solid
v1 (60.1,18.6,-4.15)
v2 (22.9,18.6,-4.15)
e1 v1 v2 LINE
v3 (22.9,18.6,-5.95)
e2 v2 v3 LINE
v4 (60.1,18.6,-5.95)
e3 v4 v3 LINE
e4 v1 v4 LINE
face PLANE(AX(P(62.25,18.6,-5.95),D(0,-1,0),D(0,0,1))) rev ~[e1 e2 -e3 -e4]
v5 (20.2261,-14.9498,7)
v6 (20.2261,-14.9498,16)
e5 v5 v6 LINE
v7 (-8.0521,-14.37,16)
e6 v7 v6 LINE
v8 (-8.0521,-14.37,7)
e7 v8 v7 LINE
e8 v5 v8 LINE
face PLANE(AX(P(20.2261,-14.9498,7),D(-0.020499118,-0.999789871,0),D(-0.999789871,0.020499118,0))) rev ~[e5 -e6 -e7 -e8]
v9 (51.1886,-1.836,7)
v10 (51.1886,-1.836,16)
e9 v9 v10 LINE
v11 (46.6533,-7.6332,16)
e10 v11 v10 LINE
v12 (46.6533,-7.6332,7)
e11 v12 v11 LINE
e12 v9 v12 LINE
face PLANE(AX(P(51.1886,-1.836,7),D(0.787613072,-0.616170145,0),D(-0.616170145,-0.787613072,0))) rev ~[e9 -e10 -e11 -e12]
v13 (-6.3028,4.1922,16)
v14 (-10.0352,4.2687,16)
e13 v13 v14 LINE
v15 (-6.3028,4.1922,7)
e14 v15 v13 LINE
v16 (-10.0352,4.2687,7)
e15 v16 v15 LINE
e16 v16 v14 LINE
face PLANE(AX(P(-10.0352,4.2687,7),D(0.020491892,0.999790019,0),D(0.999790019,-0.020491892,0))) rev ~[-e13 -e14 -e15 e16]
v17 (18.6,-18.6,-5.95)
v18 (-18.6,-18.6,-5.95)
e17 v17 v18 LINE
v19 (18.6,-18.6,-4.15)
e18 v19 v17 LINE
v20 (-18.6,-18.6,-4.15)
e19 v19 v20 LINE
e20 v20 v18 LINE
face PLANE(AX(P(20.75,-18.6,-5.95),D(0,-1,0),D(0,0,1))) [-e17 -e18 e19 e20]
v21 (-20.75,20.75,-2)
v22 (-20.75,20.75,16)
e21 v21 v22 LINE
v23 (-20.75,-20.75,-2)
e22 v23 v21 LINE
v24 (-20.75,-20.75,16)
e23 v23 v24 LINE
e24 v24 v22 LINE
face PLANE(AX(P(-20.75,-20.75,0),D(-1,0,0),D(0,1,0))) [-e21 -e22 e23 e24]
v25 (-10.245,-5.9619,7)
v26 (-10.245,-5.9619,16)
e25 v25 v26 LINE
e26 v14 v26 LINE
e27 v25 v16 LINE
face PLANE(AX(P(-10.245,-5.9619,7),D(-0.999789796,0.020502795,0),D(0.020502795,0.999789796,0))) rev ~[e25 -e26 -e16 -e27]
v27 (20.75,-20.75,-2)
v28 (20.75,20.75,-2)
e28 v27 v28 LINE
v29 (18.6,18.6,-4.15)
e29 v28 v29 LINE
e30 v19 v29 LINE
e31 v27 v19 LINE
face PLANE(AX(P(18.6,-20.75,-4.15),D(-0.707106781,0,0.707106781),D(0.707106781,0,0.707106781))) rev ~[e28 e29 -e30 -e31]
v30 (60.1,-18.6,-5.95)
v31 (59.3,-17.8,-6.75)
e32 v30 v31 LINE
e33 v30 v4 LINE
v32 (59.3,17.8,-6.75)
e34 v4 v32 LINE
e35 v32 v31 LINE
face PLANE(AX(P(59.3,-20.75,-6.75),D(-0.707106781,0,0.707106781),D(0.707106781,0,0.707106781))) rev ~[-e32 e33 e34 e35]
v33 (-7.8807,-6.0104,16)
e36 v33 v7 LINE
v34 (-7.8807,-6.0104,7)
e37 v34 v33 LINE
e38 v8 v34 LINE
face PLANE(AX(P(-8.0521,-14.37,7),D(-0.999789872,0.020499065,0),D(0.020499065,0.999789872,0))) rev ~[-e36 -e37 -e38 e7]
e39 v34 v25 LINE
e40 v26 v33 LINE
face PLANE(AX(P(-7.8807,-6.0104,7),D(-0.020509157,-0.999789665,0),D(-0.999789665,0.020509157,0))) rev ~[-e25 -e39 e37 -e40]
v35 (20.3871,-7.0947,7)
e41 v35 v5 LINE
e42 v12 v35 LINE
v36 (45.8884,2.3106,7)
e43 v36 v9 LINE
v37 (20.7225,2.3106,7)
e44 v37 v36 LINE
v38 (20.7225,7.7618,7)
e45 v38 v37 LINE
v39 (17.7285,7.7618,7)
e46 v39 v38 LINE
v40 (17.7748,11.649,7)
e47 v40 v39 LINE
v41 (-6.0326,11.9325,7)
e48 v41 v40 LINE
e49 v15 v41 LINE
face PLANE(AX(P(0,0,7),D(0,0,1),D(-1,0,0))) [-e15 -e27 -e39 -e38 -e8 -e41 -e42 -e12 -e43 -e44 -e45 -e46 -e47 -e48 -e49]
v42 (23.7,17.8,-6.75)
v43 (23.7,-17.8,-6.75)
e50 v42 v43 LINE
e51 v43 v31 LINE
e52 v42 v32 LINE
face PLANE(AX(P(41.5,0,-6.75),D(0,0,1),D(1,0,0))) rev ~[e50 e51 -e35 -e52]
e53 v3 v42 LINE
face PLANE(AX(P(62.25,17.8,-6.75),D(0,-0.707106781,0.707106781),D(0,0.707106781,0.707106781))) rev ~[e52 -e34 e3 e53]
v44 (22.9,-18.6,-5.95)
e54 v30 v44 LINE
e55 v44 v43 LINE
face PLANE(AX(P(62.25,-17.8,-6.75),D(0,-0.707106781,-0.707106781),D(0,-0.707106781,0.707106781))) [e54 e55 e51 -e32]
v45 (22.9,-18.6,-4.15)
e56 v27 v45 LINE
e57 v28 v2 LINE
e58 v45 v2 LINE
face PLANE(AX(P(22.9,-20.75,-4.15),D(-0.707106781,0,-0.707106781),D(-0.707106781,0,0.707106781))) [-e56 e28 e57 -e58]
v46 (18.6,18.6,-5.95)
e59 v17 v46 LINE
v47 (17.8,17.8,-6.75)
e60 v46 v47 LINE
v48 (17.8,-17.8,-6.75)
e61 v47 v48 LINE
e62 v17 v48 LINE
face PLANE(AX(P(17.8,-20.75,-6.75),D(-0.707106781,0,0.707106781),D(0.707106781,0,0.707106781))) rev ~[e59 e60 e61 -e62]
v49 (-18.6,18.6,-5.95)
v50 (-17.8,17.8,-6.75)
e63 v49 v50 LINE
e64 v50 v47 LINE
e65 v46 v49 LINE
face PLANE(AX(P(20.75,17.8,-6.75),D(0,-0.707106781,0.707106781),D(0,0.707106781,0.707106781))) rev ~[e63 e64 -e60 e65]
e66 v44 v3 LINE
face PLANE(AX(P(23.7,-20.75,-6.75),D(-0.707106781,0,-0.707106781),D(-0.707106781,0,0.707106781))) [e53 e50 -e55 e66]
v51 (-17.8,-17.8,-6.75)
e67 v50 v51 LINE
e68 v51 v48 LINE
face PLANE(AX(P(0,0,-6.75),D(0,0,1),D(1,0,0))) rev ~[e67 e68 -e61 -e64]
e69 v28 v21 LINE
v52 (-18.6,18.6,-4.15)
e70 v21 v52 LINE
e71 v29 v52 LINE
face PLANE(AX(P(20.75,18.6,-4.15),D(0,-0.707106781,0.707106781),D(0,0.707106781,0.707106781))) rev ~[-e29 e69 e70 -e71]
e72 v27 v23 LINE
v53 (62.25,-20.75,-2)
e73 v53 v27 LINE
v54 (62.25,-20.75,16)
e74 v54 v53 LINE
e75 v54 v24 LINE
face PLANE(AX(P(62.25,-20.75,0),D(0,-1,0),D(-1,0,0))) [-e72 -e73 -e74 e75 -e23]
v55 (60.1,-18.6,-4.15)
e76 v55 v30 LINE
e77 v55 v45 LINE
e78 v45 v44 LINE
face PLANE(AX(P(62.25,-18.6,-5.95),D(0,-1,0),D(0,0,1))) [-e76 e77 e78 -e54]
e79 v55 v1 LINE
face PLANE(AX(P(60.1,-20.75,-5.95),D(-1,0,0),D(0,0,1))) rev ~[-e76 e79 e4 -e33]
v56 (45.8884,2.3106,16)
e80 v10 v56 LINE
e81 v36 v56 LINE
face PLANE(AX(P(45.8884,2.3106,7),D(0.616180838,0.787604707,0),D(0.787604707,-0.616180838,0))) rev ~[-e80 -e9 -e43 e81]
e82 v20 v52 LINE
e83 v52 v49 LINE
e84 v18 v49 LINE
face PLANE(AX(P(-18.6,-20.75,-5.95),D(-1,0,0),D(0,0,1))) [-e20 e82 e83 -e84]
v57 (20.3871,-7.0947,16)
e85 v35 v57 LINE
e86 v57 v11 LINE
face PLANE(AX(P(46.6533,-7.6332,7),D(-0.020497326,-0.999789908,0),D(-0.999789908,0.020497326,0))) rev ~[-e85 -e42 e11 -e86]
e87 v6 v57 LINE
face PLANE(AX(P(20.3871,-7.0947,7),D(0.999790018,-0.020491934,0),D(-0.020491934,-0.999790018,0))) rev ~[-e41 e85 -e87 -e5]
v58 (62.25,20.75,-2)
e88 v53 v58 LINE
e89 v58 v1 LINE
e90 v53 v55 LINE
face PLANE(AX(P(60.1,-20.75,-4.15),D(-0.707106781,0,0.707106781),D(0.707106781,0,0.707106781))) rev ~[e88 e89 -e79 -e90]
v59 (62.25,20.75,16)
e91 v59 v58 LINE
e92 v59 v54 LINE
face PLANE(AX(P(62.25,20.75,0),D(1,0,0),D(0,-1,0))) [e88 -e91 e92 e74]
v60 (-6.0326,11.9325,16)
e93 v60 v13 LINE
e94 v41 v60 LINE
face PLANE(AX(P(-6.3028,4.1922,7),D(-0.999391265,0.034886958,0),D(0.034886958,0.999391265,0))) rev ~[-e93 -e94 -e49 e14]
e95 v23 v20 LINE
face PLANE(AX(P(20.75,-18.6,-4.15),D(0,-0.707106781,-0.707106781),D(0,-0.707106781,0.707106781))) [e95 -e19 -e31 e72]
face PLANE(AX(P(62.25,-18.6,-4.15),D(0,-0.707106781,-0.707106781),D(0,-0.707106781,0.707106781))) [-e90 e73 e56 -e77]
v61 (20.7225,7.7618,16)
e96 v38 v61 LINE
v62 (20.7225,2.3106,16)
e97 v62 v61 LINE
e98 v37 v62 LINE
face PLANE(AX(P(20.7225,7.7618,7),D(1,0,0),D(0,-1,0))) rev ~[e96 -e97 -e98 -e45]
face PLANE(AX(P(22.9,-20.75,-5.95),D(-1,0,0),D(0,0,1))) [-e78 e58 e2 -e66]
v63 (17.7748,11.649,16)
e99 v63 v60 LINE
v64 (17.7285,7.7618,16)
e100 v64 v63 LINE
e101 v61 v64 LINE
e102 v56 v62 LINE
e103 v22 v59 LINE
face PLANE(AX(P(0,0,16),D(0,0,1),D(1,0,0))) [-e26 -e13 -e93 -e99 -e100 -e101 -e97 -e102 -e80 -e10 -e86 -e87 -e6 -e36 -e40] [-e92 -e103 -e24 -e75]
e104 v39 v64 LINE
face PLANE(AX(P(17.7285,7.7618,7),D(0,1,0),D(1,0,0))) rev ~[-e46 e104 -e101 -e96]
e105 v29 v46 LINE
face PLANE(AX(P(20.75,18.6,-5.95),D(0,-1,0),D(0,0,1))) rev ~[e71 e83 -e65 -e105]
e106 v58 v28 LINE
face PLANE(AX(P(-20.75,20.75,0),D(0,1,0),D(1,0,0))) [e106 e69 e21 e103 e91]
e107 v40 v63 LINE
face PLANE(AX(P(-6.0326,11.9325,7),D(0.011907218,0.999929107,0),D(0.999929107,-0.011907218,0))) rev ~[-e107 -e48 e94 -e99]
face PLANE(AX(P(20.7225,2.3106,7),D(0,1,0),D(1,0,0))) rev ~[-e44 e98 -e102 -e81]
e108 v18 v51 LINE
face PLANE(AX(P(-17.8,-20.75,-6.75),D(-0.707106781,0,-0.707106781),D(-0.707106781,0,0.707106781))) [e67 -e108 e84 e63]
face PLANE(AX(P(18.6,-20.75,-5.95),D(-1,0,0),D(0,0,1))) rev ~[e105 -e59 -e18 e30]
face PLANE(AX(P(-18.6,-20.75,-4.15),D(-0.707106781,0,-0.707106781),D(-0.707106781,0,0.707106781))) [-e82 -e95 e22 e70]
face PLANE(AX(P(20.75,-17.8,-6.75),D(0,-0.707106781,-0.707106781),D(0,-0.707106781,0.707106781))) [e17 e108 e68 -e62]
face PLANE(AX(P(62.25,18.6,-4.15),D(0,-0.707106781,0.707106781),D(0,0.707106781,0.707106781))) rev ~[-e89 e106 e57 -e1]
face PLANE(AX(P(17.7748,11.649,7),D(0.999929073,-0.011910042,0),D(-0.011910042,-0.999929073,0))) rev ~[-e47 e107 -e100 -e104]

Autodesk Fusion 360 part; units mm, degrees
sketch "Sketch1" plane through (0, 0, 0) normal (0, 0, 1) x (1, 0, 0)
  line L0 (20.75, 20.75) -> (-20.75, 20.75)
  line L1 (-20.75, 20.75) -> (-20.75, -20.75)
  line L2 (-20.75, -20.75) -> (20.75, -20.75)
  line L3 (20.75, -20.75) -> (20.75, 20.75)
  line L4 (20.75, 20.75) -> (-20.75, -20.75) construction
  line L5 (-20.75, 20.75) -> (20.75, -20.75) construction
  dimension "d1" = 41.5
  dimension "d2" = 41.5
extrude "Extrude1" add sketch "Sketch1" along normal blind 7 makes body 1
sketch "Sketch2" plane through (0, 20.75, 0) normal (0, 1, 0) x (-1, 0, 0)
  line L0 (-20.75, 0) -> (20.75, 0)
  line L1 (20.75, 0) -> (20.75, 7)
  line L2 (20.75, 7) -> (-20.75, 7)
  line L3 (-20.75, 7) -> (-20.75, 0)
  line L4 (18.6, 0.8) -> (18.6, 2.6)
  line L5 (18.6, 2.6) -> (20.75, 4.75)
  line L6 (17.8, 0) -> (18.6, 0.8)
  line L7 (-18.6, 0.9534) -> (-18.6, 2.7534)
  line L8 (-18.6, 2.7534) -> (-20.75, 4.9034)
  line L9 (-17.8, 0) -> (-18.6, 0.9534)
  line L10 (-20.75, 4.9034) -> (-20.75, 0)
  line L11 (-20.75, 0) -> (-17.8, 0)
  line L12 (20.75, 4.75) -> (20.75, 0)
  line L13 (17.8, 0) -> (20.75, 0)
sketch "Sketch3" plane through (-20.75, 0, 0) normal (-1, 0, 0) x (0, -1, 0)
  line L0 (20.75, 7) -> (-20.75, 7)
  line L1 (-20.75, 0) -> (-17.8, 0)
  line L2 (-17.8, 0) -> (-18.6, 0)
  line L3 (-17.8, 0) -> (-18.6, 0.8)
  line L4 (-17.8, 0) -> (-12.38, 0) construction
  line L5 (-18.6, 0.8) -> (-18.6, 2.6)
  line L6 (-18.6, 2.6) -> (-20.75, 4.75)
  line L7 (17.8, 0) -> (18.6, 0.8)
  line L8 (18.6, 0.8) -> (18.6, 2.6)
  line L9 (18.6, 2.6) -> (20.75, 4.75)
  line L10 (20.75, 4.75) -> (20.75, 0)
  line L11 (20.75, 0) -> (17.8, 0)
  line L12 (-20.75, 4.75) -> (-20.75, 0)
sketch "Sketch4" plane through (0, -20.75, 0) normal (0, -1, 0) x (1, 0, 0)
  line L0 (-20.75, 0) -> (20.75, 0)
  line L1 (20.75, 0) -> (20.75, 7)
  line L2 (20.75, 7) -> (-20.75, 7)
  line L3 (-20.75, 7) -> (-20.75, 0)
  line L4 (-20.75, 0) -> (-17.8, 0)
  line L5 (-17.8, 0) -> (-18.6, 0)
  line L6 (-17.8, 0) -> (-18.6, 0.8)
  line L7 (-17.8, 0) -> (-12.5744, 0) construction
  line L8 (-18.6, 0.8) -> (-18.6, 2.6)
  line L9 (-18.6, 2.6) -> (-20.75, 4.75)
  line L10 (20.75, 0) -> (17.8, 0)
  line L11 (17.8, 0) -> (18.6, 0)
  line L12 (17.8, 0) -> (18.6, 0.8)
  line L13 (18.6, 0.8) -> (18.6, 2.6)
  line L14 (18.6, 2.6) -> (20.75, 4.75)
sketch "Sketch5" plane through (20.75, 0, 0) normal (1, 0, 0) x (0, 1, 0)
  line L0 (-20.75, 0) -> (20.75, 0)
  line L1 (20.75, 0) -> (20.75, 7)
  line L2 (20.75, 7) -> (-20.75, 7)
  line L3 (-20.75, 7) -> (-20.75, 0)
  line L4 (-20.75, 0) -> (-17.8, 0)
  line L5 (-17.8, 0) -> (-18.6, 0)
  line L6 (-17.8, 0) -> (-18.6, 0.8)
  line L7 (-18.6, 0.8) -> (-18.6, 2.6)
  line L8 (-18.6, 2.6) -> (-20.75, 4.75)
  line L9 (20.75, 0) -> (17.8, 0)
  line L10 (17.8, 0) -> (18.6, 0)
  line L11 (18.6, 0.8) -> (18.6, 2.6)
  line L12 (18.6, 2.6) -> (20.75, 4.75)
  line L13 (17.8, 0) -> (18.6, 0.8)
extrude "Extrude2" cut sketch "Sketch5" along normal mid plane 100 contours L0 L3 L4 L5 L6 L7 L8 | L0 L1 L9 L10 L11 L12 L13 bodies 1
extrude "Extrude3" cut sketch "Sketch4" along normal mid plane 100 contours L0 L3 L4 L5 L6 L8 L9 | L0 L1 L10 L11 L12 L13 L14 bodies 1
copy_body "CopyPasteBodies1" bodies 1 makes body 2
move_body "Move1" bodies 2 to x (1, 0, 0) y (0, 1, 0) z (0, 0, 1) at (41.5, 0, 0)
combine "Combine1" operation add target body 1 tool bodies 2
sketch "Sketch6" plane through (0, 0, 7) normal (0, 0, 1) x (-1, 0, 0)
  line L0 (-62.25, -20.75) -> (20.75, -20.75)
  line L1 (20.75, -20.75) -> (20.75, 20.75)
  line L2 (20.75, 20.75) -> (-62.25, 20.75)
  line L3 (-62.25, 20.75) -> (-62.25, -20.75)
  line L4 (10.0352, -4.2687) -> (6.3028, -4.1922)
  line L5 (6.3028, -4.1922) -> (6.0326, -11.9325)
  line L6 (6.0326, -11.9325) -> (-17.7748, -11.649)
  line L7 (-17.7748, -11.649) -> (-17.7285, -7.7618)
  line L8 (-17.7285, -7.7618) -> (-20.7225, -7.7618)
  line L9 (-20.7225, -7.7618) -> (-20.7225, -2.3106)
  line L10 (-20.7225, -2.3106) -> (-45.8884, -2.3106)
  line L11 (-45.8884, -2.3106) -> (-51.1886, 1.836)
  line L12 (-51.1886, 1.836) -> (-46.6533, 7.6332)
  line L13 (-46.6533, 7.6332) -> (-20.3871, 7.0947)
  line L14 (-20.3871, 7.0947) -> (-20.2261, 14.9498)
  line L15 (-20.2261, 14.9498) -> (8.0521, 14.37)
  line L16 (8.0521, 14.37) -> (7.8807, 6.0104)
  line L17 (7.8807, 6.0104) -> (10.245, 5.9619)
  line L18 (10.245, 5.9619) -> (10.0352, -4.2687)
sketch "Sketch7" plane through (0, 0, 0) normal (0, 0, 1) x (1, 0, 0)
  line L0 (-20.75, 20.75) -> (62.25, 20.75)
  line L1 (62.25, 20.75) -> (62.25, -20.75)
  line L2 (62.25, -20.75) -> (-20.75, -20.75)
  line L3 (-20.75, -20.75) -> (-20.75, 20.75)
move_body "Move2" bodies 1 to x (1, 0, 0) y (0, 1, 0) z (0, 0, 1) at (0, 0, -6.75)
extrude "Extrude4" add sketch "Sketch7" along normal blind 16 separate body makes body 3
combine "Combine2" operation add target body 3 tool bodies 1
extrude "Extrude5" cut sketch "Sketch6" along normal blind 16 contours L4 L5 L6 L7 L8 L9 L10 L11 L12 L13 L14 L15 L16 L17 L18 bodies 3
